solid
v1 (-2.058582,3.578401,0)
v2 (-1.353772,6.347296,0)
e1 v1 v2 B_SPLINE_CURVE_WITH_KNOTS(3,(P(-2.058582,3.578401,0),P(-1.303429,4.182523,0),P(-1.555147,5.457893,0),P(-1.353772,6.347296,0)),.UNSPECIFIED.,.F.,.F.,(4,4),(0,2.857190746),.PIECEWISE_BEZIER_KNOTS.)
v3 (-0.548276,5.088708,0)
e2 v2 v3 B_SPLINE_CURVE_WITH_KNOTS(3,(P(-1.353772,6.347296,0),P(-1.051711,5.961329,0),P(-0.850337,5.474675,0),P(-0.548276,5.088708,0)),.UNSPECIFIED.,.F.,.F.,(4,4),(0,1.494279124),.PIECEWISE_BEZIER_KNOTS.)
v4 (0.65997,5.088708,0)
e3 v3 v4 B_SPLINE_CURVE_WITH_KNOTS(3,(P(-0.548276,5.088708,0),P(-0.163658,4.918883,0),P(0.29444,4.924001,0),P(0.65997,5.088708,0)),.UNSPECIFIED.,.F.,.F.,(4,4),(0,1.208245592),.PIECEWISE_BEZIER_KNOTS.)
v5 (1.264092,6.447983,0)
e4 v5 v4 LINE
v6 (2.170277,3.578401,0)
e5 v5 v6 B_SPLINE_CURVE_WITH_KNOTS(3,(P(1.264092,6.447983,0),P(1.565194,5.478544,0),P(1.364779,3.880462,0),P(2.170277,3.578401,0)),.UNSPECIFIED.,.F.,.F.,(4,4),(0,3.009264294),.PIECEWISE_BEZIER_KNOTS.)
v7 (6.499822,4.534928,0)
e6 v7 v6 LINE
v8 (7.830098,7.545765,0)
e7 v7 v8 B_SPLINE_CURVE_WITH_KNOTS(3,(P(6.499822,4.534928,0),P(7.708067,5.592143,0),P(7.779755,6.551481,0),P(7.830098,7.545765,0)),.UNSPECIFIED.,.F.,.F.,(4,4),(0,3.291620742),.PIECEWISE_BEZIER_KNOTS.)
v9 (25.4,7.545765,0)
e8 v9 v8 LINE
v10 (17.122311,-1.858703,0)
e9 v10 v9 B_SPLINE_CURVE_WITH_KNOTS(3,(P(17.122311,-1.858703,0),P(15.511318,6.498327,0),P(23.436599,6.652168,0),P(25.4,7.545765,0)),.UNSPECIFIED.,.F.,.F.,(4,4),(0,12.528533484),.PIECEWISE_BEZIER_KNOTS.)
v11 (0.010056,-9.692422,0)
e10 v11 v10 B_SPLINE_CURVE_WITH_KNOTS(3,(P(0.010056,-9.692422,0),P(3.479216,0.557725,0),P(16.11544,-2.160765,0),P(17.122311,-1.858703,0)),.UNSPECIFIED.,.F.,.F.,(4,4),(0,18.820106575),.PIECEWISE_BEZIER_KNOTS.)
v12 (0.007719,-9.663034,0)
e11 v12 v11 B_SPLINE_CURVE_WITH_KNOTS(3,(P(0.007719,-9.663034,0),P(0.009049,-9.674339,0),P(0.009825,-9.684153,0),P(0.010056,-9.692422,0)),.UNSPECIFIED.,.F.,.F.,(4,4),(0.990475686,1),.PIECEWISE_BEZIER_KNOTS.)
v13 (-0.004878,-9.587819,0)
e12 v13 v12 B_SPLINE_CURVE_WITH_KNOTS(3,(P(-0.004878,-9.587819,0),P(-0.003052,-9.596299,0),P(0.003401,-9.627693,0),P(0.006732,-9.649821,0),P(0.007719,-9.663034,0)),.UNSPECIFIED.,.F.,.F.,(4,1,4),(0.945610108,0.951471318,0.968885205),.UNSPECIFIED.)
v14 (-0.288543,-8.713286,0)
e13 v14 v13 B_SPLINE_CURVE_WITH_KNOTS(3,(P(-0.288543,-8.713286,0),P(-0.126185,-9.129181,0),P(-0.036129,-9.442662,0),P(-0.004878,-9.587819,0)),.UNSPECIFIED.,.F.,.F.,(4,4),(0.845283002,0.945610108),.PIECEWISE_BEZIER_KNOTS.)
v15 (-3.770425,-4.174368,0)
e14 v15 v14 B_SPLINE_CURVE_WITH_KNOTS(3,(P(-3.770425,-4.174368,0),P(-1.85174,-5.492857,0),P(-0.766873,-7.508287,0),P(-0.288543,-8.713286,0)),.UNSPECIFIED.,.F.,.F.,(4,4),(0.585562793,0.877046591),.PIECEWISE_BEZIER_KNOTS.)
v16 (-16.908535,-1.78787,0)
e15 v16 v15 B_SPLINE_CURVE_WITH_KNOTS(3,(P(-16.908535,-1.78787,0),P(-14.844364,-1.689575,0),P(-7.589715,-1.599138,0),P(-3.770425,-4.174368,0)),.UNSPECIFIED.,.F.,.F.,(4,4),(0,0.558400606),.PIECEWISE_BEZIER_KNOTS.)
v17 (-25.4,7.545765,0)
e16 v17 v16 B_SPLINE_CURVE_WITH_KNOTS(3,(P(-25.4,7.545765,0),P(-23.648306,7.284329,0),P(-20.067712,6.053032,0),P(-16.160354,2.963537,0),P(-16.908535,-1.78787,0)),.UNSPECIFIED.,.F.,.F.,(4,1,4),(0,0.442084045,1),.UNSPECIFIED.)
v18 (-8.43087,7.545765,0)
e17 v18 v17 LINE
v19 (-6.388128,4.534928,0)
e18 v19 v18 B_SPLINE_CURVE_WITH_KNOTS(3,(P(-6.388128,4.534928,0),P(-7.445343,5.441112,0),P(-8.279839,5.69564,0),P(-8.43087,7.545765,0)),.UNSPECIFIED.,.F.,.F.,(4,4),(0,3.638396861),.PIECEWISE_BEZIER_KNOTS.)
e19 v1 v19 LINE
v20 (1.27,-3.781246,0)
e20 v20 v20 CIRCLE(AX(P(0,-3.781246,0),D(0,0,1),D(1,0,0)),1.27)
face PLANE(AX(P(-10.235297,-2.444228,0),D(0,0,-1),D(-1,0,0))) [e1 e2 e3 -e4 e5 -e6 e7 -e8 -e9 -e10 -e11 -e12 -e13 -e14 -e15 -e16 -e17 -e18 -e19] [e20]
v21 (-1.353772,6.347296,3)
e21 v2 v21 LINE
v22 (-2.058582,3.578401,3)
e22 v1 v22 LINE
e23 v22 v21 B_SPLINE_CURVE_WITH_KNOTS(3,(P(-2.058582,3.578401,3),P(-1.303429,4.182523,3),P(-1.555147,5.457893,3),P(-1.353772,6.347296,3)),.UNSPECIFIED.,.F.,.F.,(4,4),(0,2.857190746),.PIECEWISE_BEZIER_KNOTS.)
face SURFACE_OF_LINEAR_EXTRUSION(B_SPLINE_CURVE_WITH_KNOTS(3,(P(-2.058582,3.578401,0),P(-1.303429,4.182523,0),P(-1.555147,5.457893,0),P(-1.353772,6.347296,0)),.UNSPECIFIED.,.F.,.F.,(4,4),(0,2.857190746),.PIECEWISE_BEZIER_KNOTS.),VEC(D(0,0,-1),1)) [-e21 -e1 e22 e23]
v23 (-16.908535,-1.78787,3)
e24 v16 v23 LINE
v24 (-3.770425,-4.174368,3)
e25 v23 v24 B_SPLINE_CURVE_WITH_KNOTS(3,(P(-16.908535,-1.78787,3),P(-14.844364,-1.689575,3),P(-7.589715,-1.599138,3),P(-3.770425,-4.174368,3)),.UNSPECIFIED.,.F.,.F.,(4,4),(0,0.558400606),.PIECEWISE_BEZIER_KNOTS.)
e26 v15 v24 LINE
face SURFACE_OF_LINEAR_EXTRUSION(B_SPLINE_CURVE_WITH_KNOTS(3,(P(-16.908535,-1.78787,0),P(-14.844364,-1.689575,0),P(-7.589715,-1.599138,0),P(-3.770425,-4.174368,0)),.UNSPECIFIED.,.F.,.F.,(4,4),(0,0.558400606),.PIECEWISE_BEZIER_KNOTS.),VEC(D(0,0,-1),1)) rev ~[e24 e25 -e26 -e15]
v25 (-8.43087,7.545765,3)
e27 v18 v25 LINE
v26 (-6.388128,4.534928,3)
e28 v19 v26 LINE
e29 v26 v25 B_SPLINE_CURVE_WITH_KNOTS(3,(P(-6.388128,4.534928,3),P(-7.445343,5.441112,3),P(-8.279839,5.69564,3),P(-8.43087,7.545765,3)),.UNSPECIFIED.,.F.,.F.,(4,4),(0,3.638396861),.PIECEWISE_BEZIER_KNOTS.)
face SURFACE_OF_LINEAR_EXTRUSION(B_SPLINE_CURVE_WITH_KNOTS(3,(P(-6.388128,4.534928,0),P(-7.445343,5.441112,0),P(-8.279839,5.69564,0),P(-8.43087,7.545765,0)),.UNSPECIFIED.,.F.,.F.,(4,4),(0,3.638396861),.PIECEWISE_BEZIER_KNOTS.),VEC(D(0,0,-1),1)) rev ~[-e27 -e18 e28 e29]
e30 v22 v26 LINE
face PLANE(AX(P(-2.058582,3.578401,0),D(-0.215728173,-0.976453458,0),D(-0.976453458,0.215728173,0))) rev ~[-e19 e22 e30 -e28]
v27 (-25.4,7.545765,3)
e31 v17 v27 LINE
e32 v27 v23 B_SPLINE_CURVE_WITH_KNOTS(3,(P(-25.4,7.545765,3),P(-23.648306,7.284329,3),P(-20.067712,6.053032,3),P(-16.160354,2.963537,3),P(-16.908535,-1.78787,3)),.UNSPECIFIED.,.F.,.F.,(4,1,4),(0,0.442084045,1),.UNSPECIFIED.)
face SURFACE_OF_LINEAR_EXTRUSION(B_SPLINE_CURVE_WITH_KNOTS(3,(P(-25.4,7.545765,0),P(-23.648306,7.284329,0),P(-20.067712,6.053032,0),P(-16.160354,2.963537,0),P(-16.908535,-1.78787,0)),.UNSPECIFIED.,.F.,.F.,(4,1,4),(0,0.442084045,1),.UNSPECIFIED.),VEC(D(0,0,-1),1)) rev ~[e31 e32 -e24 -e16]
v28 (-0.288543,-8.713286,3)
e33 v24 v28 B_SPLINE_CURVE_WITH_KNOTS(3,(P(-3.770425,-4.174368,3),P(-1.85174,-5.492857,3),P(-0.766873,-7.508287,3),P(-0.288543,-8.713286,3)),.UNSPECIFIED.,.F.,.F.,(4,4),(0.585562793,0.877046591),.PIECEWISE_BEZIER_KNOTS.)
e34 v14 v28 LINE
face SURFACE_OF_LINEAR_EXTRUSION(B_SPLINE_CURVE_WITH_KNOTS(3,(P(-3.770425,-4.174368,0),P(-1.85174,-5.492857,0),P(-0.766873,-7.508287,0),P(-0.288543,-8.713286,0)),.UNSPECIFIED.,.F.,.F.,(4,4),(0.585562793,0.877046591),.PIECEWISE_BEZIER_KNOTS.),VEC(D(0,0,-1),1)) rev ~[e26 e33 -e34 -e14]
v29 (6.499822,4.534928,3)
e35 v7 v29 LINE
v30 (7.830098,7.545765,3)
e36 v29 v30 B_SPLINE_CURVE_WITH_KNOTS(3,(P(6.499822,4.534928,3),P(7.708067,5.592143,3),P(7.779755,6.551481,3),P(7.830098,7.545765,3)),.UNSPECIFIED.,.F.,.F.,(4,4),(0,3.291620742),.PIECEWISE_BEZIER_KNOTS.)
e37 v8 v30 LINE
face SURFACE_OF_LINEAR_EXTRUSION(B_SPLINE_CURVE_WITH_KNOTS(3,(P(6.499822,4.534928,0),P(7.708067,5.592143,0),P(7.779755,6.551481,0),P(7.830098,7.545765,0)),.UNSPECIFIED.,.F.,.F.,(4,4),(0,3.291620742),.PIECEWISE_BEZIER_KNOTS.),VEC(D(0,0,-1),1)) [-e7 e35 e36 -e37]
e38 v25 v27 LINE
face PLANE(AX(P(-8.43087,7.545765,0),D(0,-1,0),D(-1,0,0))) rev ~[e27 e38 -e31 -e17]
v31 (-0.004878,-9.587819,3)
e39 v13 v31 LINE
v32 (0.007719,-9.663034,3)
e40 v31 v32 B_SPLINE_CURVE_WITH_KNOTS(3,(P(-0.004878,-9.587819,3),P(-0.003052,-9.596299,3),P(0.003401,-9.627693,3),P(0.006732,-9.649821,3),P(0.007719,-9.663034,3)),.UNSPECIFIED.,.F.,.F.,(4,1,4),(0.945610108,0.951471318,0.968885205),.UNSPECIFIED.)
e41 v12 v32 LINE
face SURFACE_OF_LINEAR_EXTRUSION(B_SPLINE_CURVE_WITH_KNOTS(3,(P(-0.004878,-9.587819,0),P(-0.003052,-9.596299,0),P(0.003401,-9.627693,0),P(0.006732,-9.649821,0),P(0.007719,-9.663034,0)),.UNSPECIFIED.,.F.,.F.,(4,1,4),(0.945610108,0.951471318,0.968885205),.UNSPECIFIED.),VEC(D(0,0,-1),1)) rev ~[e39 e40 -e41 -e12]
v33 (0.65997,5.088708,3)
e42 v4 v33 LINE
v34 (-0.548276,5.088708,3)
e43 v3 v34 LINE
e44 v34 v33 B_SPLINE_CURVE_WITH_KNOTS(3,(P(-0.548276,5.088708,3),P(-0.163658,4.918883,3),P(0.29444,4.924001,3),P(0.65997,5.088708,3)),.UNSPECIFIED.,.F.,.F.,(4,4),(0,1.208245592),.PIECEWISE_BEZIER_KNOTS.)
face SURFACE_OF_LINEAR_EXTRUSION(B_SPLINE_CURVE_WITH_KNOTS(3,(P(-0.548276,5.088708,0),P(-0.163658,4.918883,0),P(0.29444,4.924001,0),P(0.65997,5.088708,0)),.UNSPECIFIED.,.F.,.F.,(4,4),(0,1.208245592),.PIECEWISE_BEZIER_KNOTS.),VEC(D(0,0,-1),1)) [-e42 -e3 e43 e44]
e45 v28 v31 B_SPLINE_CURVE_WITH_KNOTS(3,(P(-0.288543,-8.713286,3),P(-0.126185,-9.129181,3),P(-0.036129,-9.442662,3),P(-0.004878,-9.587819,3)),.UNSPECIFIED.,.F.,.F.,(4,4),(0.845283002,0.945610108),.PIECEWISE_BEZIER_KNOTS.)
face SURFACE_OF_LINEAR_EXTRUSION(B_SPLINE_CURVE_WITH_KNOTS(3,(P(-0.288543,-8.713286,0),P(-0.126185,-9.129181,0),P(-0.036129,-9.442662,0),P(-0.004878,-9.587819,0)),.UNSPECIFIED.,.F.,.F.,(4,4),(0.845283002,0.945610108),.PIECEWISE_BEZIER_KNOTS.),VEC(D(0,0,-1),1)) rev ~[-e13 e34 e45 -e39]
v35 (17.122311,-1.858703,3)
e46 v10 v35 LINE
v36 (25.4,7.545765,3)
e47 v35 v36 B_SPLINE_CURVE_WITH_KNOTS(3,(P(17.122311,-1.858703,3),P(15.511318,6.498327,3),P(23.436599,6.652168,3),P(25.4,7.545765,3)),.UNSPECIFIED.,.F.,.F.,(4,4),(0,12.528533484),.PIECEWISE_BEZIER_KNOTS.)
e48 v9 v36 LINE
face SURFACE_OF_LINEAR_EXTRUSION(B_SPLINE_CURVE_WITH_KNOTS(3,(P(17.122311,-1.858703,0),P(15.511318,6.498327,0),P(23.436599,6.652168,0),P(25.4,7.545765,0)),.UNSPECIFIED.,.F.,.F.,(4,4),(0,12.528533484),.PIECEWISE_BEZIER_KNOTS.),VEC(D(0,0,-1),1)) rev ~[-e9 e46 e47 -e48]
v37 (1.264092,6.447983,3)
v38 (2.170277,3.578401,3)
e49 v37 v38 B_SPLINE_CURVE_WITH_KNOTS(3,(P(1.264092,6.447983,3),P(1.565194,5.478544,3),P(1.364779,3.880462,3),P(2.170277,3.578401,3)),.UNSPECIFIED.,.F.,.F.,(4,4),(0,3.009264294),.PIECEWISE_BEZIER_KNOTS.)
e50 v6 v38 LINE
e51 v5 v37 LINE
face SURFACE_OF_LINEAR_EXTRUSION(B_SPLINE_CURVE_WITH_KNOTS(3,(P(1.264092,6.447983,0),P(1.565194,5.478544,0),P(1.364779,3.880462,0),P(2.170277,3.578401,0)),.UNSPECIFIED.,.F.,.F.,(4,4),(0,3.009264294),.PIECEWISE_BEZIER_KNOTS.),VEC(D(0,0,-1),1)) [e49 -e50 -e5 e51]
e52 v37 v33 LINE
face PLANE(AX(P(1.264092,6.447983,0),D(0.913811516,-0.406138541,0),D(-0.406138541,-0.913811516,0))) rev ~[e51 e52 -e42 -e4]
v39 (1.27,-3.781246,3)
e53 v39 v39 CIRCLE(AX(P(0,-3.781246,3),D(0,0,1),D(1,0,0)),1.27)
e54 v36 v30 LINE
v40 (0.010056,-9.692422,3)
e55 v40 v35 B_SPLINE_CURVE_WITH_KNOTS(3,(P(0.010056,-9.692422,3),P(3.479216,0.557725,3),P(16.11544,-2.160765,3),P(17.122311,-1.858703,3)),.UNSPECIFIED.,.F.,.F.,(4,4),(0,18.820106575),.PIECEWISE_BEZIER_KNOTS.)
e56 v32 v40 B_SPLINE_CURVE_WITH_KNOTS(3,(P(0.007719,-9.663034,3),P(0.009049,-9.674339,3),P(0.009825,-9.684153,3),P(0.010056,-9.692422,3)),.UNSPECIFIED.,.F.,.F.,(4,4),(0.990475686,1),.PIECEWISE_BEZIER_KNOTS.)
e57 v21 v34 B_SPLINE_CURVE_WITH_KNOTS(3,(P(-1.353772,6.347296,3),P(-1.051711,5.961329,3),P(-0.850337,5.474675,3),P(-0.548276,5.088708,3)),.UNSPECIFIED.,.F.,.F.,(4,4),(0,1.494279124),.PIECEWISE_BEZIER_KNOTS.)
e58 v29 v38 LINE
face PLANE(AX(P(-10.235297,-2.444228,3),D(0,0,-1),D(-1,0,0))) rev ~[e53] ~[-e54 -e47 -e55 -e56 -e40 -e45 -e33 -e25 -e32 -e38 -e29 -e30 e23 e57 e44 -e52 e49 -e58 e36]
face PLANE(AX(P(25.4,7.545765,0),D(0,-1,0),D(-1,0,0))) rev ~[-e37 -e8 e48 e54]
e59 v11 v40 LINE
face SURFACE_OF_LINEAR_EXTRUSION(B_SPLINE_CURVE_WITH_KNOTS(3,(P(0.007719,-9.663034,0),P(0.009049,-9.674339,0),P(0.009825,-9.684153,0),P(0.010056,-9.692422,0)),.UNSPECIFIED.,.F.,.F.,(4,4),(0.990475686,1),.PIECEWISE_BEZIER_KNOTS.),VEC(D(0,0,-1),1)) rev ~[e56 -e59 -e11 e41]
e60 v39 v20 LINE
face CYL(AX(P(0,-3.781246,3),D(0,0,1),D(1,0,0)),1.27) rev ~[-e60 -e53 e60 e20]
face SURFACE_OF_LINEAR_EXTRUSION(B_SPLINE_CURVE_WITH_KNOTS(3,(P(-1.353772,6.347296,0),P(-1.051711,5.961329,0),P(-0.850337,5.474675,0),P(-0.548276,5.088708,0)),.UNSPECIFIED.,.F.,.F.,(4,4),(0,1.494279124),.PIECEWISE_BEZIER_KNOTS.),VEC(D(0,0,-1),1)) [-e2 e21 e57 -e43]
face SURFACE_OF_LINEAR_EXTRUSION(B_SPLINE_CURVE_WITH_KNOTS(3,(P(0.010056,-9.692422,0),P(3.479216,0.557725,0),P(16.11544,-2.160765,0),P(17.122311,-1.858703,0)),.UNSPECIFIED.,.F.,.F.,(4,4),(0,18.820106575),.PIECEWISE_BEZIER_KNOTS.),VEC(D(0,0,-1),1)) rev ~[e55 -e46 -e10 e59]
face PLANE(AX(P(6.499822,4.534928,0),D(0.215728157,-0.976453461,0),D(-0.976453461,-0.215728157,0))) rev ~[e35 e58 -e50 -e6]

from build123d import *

# Parameters (mm, degrees)
F1_DEPTH = 3
F2_R     = 1.27
F3_DEPTH = 3


with BuildPart() as f1:
    # F0 (on Top) → F1 (new body)
    with BuildSketch(Plane.XY):
        with BuildLine():
            add(Edge.make_bspline(
                [(-16.9085351978, -1.7878697729), (-14.8443636354, -1.6895750583), (-7.6248778439, -1.5256503386), (-3.7704250062, -4.1743675483)],
                knots=[0, 0, 0, 0, 0.5855627903, 0.5855627903, 0.5855627903, 0.5855627903], degree=3))
            add(Edge.make_bspline(
                [(-16.9085351978, -1.7878697729), (-14.8443636354, -1.6895750583), (-7.5897151154, -1.5991376946), (-3.7704250062, -4.1743675483)],
                knots=[0, 0, 0, 0, 0.5584006059, 0.5584006059, 0.5584006059, 0.5584006059], degree=3))
        make_face()
        with BuildLine():
            add(Edge.make_bspline(
                [(-3.7704249537, -4.1743675837), (-1.808236756, -5.4974107594), (-0.7527996382, -7.5240476504), (-0.2885426992, -8.7132864323)],
                knots=[0.5584006085, 0.5584006085, 0.5584006085, 0.5584006085, 0.8452830018, 0.8452830018, 0.8452830018, 0.8452830018], degree=3))
            add(Edge.make_bspline(
                [(-3.770424954, -4.1743675842), (-1.8517399499, -5.492856691), (-0.7668728527, -7.5082873132), (-0.2885426992, -8.7132864323)],
                knots=[0.5855627929, 0.5855627929, 0.5855627929, 0.5855627929, 0.8770465912, 0.8770465912, 0.8770465912, 0.8770465912], degree=3))
        make_face()
        with BuildLine():
            add(Edge.make_bspline(
                [(-0.2885426992, -8.7132864323), (-0.1305291743, -9.1113507335), (-0.0387053265, -9.4209749157), (-0.0048777858, -9.5878189026)],
                knots=[0.8770465912, 0.8770465912, 0.8770465912, 0.8770465912, 0.9733365325, 0.9733365325, 0.9733365325, 0.9733365325], degree=3))
            add(Edge.make_bspline(
                [(-0.2885426992, -8.7132864323), (-0.1261850348, -9.1291811982), (-0.0361290935, -9.4426616269), (-0.0048777858, -9.5878189026)],
                knots=[0.8452830018, 0.8452830018, 0.8452830018, 0.8452830018, 0.9456101083, 0.9456101083, 0.9456101083, 0.9456101083], degree=3))
        make_face()
        with BuildLine():
            Line((-8.4308702497, 7.5457646428), (-25.4, 7.5457646428))
            add(Edge.make_bspline(
                [(-25.4, 7.5457646428), (-23.6483064674, 7.2843289469), (-20.0677117846, 6.0530316163), (-16.1603537368, 2.9635369546), (-16.9085351978, -1.7878697729)],
                knots=[0, 0, 0, 0, 0.4420840454, 1, 1, 1, 1], degree=3))
            add(Edge.make_bspline(
                [(-16.9085351978, -1.7878697729), (-14.8443636354, -1.6895750583), (-7.6248778439, -1.5256503386), (-3.7704250062, -4.1743675483)],
                knots=[0, 0, 0, 0, 0.5855627903, 0.5855627903, 0.5855627903, 0.5855627903], degree=3))
            add(Edge.make_bspline(
                [(-3.7704249537, -4.1743675837), (-1.808236756, -5.4974107594), (-0.7527996382, -7.5240476504), (-0.2885426992, -8.7132864323)],
                knots=[0.5584006085, 0.5584006085, 0.5584006085, 0.5584006085, 0.8452830018, 0.8452830018, 0.8452830018, 0.8452830018], degree=3))
            add(Edge.make_bspline(
                [(-0.2885426992, -8.7132864323), (-0.1305291743, -9.1113507335), (-0.0387053265, -9.4209749157), (-0.0048777858, -9.5878189026)],
                knots=[0.8770465912, 0.8770465912, 0.8770465912, 0.8770465912, 0.9733365325, 0.9733365325, 0.9733365325, 0.9733365325], degree=3))
            add(Edge.make_bspline(
                [(-0.0048777858, -9.5878189026), (-0.0030520533, -9.5962991351), (0.0034010118, -9.627693158), (0.0067316298, -9.6498207392), (0.0077194734, -9.6630339588)],
                knots=[0.9456101083, 0.9456101083, 0.9456101083, 0.9456101083, 0.9514713176, 0.9688852048, 0.9688852048, 0.9688852048, 0.9688852048], degree=3))
            add(Edge.make_bspline(
                [(0.0077194734, -9.6630339588), (0.0090489603, -9.6743391034), (0.0098252939, -9.6841526902), (0.0100564033, -9.6924221324)],
                knots=[0.9904756857, 0.9904756857, 0.9904756857, 0.9904756857, 1, 1, 1, 1], degree=3))
            add(Edge.make_bspline(
                [(0.0100564033, -9.6924221324), (3.4792163022, 0.557724519), (16.1154395251, -2.1607646022), (17.1223111145, -1.8587033359)],
                knots=[0, 0, 0, 0, 18.8201065747, 18.8201065747, 18.8201065747, 18.8201065747], degree=3))
            add(Edge.make_bspline(
                [(17.1223111145, -1.8587033359), (15.5113176939, 6.498326787), (23.4365987873, 6.652168098), (25.4, 7.5457646428)],
                knots=[0, 0, 0, 0, 12.5285334835, 12.5285334835, 12.5285334835, 12.5285334835], degree=3))
            Line((25.4, 7.5457646428), (7.8300975704, 7.5457646428))
            add(Edge.make_bspline(
                [(6.4998223708, 4.5349283804), (7.7080674362, 5.5921426372), (7.7797549029, 6.5514806585), (7.8300975704, 7.5457646428)],
                knots=[0, 0, 0, 0, 3.2916207415, 3.2916207415, 3.2916207415, 3.2916207415], degree=3))
            Line((6.4998223708, 4.5349283804), (2.1702765008, 3.5784005108))
            add(Edge.make_bspline(
                [(1.2640924387, 6.4479827165), (1.5651943721, 5.4785436414), (1.3647794398, 3.8804617771), (2.1702765008, 3.5784005108)],
                knots=[0, 0, 0, 0, 3.0092642938, 3.0092642938, 3.0092642938, 3.0092642938], degree=3))
            Line((1.2640924387, 6.4479827165), (0.6599700071, 5.088707544))
            add(Edge.make_bspline(
                [(-0.5482755845, 5.088707544), (-0.1636578745, 4.9188830282), (0.2944398703, 4.9240014741), (0.6599700071, 5.088707544)],
                knots=[0, 0, 0, 0, 1.2082455915, 1.2082455915, 1.2082455915, 1.2082455915], degree=3))
            add(Edge.make_bspline(
                [(-1.3537724836, 6.3472959785), (-1.0517112172, 5.9613289802), (-0.8503368508, 5.4746745424), (-0.5482755845, 5.088707544)],
                knots=[0, 0, 0, 0, 1.4942791244, 1.4942791244, 1.4942791244, 1.4942791244], degree=3))
            add(Edge.make_bspline(
                [(-2.0585822804, 3.5784005108), (-1.3034290269, 4.1825230435), (-1.5551467488, 5.4578933024), (-1.3537724836, 6.3472959785)],
                knots=[0, 0, 0, 0, 2.8571907463, 2.8571907463, 2.8571907463, 2.8571907463], degree=3))
            Line((-2.0585822804, 3.5784005108), (-6.3881277997, 4.5349283804))
            add(Edge.make_bspline(
                [(-6.3881277997, 4.5349283804), (-7.4453427581, 5.4411121794), (-8.2798394412, 5.6956402285), (-8.4308702497, 7.5457646428)],
                knots=[0, 0, 0, 0, 3.6383968607, 3.6383968607, 3.6383968607, 3.6383968607], degree=3))
        make_face()
    extrude(amount=F1_DEPTH)

    # F2 (on face) → F3 (cut)
    with BuildSketch(Plane.XY.offset(3)):
        with Locations((0, -3.7812461494)):
            Circle(F2_R)
    extrude(amount=-F3_DEPTH, mode=Mode.SUBTRACT)


solid = f1.part
